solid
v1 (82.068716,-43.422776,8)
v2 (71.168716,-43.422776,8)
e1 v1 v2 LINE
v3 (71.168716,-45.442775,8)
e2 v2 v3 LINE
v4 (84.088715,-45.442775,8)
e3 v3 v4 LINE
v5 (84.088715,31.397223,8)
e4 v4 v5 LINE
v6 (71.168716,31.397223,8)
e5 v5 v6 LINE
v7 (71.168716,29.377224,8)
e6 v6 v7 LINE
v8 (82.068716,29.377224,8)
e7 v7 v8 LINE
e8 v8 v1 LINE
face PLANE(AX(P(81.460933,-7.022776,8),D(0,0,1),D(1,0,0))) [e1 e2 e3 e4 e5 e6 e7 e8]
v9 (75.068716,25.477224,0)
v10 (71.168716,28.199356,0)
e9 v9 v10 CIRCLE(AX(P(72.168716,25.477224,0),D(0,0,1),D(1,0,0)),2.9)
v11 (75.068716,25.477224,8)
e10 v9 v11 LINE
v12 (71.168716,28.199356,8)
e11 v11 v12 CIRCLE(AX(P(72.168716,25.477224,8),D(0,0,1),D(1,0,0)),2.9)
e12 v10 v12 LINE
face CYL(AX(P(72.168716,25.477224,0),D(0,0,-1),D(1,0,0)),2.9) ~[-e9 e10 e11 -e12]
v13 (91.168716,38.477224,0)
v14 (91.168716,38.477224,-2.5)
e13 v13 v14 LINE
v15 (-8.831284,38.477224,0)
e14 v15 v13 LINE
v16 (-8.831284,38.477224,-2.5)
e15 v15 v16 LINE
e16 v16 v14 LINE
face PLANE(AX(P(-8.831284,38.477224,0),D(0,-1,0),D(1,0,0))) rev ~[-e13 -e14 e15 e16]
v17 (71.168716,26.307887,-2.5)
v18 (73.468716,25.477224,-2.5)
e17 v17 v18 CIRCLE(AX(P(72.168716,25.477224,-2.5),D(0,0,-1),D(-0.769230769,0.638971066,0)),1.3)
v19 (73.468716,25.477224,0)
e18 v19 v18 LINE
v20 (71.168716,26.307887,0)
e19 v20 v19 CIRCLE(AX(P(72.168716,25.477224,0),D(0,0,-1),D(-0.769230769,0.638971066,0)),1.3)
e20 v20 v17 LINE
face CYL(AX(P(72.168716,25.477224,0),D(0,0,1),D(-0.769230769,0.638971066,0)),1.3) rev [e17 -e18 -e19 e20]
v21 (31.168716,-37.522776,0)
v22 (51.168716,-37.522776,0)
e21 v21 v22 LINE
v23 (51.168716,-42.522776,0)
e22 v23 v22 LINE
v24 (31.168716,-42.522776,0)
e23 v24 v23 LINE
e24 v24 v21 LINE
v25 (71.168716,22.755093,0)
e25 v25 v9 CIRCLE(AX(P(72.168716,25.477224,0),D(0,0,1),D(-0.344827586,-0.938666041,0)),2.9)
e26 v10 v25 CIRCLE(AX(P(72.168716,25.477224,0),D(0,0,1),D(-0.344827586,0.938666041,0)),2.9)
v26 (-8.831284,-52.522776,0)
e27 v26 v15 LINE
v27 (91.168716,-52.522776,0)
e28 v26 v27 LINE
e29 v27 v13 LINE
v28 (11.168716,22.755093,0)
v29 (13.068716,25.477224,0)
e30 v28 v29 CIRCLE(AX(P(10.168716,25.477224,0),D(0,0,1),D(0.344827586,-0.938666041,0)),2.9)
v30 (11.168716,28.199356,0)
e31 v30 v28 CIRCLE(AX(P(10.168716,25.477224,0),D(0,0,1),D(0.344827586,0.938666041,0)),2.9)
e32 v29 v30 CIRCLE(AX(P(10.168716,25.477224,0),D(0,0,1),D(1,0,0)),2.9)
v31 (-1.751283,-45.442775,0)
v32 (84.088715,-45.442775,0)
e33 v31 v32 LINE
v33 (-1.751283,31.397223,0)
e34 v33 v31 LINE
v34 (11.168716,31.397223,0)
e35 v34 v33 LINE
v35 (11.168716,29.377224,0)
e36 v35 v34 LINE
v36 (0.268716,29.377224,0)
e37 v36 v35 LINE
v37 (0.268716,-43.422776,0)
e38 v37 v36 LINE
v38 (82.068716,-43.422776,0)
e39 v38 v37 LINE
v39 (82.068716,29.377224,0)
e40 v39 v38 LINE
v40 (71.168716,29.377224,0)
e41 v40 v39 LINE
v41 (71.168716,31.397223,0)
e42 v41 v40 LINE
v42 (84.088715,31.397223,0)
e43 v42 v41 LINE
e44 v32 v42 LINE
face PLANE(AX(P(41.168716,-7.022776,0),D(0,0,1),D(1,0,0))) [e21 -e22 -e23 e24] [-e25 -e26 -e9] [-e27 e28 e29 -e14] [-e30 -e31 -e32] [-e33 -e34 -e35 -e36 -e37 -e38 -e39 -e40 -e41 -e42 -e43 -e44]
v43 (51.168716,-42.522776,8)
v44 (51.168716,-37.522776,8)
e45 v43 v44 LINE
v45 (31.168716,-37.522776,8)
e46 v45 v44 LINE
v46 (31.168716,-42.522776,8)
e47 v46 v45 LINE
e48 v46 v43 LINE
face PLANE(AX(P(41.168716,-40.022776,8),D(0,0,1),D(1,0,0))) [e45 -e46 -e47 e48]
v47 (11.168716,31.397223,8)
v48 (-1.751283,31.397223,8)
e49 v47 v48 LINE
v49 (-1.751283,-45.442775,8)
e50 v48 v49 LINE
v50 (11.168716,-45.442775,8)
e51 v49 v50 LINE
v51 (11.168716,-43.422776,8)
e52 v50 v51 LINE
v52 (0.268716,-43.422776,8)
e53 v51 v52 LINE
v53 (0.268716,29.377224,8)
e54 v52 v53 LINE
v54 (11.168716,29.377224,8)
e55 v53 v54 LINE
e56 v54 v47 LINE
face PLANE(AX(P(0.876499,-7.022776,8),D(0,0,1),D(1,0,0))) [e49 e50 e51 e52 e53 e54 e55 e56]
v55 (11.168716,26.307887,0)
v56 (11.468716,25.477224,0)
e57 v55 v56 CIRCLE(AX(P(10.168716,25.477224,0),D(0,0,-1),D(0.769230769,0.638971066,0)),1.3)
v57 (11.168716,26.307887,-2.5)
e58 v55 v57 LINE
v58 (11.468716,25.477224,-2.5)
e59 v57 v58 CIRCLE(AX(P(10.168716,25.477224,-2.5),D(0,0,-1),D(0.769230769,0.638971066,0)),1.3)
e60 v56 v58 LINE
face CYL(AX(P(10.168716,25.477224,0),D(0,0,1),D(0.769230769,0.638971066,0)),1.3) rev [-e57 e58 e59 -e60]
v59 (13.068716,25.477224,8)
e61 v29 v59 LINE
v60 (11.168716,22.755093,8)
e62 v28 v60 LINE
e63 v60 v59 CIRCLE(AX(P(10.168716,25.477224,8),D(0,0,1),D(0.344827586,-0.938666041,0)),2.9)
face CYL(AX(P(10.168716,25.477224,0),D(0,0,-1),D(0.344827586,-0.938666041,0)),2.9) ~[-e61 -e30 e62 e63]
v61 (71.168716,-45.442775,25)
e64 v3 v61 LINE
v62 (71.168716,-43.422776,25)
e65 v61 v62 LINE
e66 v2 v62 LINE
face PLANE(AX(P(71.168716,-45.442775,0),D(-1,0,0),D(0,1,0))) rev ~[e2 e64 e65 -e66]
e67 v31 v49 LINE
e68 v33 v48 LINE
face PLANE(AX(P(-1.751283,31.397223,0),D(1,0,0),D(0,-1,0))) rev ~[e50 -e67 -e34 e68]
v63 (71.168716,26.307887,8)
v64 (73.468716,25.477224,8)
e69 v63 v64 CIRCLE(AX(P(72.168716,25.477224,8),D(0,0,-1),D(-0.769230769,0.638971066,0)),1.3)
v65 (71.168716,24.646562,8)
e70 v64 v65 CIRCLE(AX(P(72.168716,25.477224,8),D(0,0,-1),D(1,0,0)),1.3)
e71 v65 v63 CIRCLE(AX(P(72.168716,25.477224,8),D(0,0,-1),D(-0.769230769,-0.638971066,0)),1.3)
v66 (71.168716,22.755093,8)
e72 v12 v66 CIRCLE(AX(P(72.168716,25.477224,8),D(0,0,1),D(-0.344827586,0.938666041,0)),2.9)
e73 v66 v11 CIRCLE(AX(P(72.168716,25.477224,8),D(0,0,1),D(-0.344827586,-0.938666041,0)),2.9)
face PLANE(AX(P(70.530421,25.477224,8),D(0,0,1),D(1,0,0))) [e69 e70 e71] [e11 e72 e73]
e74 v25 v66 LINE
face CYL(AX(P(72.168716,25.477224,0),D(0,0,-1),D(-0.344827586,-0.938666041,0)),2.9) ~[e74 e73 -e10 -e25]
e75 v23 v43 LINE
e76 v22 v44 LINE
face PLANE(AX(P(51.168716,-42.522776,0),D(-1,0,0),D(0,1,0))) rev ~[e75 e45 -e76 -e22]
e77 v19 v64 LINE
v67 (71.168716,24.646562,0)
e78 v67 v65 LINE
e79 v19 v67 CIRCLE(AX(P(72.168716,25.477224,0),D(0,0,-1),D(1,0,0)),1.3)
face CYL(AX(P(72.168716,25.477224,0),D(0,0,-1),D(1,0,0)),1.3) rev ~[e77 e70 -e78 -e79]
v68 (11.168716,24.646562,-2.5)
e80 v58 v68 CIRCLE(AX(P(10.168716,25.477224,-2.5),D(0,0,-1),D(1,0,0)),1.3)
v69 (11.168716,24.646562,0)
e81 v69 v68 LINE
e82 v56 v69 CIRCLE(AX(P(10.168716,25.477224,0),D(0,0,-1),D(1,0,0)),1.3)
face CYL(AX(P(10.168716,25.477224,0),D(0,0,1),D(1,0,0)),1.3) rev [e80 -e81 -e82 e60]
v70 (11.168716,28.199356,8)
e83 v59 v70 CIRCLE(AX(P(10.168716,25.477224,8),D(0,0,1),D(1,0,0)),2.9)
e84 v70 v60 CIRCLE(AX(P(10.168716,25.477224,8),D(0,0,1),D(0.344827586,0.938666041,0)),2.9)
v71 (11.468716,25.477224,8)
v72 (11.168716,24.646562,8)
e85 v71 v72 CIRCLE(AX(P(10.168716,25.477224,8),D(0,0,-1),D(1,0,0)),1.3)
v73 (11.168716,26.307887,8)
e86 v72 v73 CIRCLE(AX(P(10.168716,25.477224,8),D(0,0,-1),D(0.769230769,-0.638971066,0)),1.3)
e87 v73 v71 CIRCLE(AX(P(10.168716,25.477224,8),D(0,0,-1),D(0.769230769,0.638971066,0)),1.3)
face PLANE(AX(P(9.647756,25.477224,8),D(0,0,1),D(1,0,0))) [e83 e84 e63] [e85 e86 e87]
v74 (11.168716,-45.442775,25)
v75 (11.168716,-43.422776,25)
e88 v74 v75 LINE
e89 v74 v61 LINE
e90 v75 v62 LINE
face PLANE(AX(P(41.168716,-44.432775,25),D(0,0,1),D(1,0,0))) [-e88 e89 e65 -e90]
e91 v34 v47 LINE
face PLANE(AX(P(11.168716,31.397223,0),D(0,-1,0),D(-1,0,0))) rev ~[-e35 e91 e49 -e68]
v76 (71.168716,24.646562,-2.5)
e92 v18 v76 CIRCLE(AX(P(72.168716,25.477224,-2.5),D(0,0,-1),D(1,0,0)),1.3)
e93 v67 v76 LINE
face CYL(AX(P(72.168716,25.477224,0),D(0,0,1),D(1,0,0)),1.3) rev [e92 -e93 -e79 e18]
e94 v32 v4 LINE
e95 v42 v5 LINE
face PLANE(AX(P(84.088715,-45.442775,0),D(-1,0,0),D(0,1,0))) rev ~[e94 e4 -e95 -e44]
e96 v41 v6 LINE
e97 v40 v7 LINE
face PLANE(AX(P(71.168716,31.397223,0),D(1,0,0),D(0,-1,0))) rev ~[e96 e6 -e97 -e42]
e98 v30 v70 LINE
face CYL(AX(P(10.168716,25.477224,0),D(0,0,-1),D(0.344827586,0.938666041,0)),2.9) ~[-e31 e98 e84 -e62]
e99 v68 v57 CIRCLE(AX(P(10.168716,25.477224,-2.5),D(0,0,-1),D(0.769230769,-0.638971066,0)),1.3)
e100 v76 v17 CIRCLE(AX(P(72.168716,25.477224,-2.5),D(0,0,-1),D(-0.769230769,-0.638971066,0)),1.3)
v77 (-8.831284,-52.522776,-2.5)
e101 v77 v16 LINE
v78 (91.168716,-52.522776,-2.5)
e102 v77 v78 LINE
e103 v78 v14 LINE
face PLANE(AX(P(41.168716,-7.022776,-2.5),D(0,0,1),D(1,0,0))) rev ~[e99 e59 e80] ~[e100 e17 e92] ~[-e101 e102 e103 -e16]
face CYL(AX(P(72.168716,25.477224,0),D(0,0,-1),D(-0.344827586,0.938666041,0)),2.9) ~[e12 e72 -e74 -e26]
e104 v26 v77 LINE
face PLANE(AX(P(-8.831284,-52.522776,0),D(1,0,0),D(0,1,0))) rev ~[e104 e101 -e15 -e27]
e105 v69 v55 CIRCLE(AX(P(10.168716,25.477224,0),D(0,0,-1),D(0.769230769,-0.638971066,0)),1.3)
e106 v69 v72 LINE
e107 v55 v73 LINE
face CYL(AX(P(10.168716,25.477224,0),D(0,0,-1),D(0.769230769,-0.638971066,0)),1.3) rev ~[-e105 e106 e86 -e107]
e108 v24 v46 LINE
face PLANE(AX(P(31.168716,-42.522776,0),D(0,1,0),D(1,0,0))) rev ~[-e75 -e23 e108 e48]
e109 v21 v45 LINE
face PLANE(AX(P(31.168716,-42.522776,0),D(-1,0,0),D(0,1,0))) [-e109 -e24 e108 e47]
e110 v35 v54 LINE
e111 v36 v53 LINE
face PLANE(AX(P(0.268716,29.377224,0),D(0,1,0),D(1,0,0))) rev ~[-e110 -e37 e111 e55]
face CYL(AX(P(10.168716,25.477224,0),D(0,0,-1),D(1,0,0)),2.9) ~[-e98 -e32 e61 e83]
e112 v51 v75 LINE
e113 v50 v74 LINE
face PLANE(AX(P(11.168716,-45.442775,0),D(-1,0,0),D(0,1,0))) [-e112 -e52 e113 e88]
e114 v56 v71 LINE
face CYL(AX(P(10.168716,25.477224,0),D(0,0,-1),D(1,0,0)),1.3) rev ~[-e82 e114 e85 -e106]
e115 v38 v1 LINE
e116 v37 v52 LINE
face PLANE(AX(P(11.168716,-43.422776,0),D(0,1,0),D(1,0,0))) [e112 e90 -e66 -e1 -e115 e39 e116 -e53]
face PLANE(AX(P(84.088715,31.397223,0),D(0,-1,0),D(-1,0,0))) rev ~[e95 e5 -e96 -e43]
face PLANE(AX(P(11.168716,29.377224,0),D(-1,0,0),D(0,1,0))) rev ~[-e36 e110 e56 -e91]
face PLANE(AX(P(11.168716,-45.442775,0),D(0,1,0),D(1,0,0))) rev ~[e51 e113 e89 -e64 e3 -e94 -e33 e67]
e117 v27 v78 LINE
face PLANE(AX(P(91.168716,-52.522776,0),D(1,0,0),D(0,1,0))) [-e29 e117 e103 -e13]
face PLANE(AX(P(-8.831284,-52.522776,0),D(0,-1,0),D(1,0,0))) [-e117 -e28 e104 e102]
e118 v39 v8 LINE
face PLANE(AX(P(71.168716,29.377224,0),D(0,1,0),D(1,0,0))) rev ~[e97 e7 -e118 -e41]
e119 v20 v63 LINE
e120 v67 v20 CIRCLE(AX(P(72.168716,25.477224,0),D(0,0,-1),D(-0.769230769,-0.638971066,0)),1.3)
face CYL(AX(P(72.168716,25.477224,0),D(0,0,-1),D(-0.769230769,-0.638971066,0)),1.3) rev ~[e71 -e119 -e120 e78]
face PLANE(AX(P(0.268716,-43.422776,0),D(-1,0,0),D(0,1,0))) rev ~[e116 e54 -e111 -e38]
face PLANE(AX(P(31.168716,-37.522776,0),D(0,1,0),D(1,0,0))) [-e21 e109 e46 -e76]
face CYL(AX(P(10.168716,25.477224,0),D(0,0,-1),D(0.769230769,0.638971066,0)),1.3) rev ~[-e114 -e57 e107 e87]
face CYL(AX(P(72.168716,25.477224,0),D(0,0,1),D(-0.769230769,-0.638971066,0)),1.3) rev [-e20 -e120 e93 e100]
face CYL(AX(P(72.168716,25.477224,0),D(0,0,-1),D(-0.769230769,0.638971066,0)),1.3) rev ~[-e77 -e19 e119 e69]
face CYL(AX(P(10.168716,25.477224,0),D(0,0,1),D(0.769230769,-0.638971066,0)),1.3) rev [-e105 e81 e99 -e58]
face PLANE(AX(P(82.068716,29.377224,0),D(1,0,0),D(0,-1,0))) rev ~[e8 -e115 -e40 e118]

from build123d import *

# Parameters (mm, degrees)
F0_W     = 100
F0_H     = 91
F0_W_2   = 60
F0_H_2   = 2.0199990959
F0_W_3   = 20
F0_H_3   = 5
F0_H_4   = 0.9000000043
F1_DEPTH = 2.5
F2_DEPTH = 8
F3_DEPTH = 8
F4_DEPTH = 25


with BuildPart() as f1:
    # F0 (on Top) → F1 (new body)
    with BuildSketch(Plane.XY):
        with Locations((41.1687159911, -7.0227757916)):
            Rectangle(F0_W, F0_H)
        Polygon((-1.7512831092, 31.3972233087), (11.1687159911, 31.3972233087), (71.1687159911, 31.3972233087), (84.0887150913, 31.3972233087), (84.0887150913, -45.4427748919), (71.1687159911, -45.4427748919), (11.1687159911, -45.4427748919), (-1.7512831092, -45.4427748919), align=None, mode=Mode.SUBTRACT)
        with BuildLine():
            Line((71.1687159911, 28.4772242084), (11.1687159911, 28.4772242084))
            Line((11.1687159911, 28.4772242084), (11.1687159911, 28.1993557262))
            ThreePointArc((11.1687159911, 28.1993557262), (12.5467403812, 27.1370434757), (13.0687159911, 25.4772242084))
            ThreePointArc((13.0687159911, 25.4772242084), (12.5467403812, 23.8174049411), (11.1687159911, 22.7550926907))
            Line((11.1687159911, 22.7550926907), (11.1687159911, -42.5227757916))
            Line((11.1687159911, -42.5227757916), (31.1687159911, -42.5227757916))
            Line((31.1687159911, -42.5227757916), (31.1687159911, -37.5227757916))
            Line((31.1687159911, -37.5227757916), (51.1687159911, -37.5227757916))
            Line((51.1687159911, -37.5227757916), (51.1687159911, -42.5227757916))
            Line((51.1687159911, -42.5227757916), (71.1687159911, -42.5227757916))
            Line((71.1687159911, -42.5227757916), (71.1687159911, 22.7550926907))
            ThreePointArc((71.1687159911, 22.7550926907), (69.2687159911, 25.4772242084), (71.1687159911, 28.1993557262))
            Line((71.1687159911, 28.1993557262), (71.1687159911, 28.4772242084))
        make_face()
        with BuildLine():
            Line((11.1687159911, 28.4772242084), (1.1687159911, 28.4772242084))
            Line((1.1687159911, 28.4772242084), (1.1687159911, -42.5227757916))
            Line((1.1687159911, -42.5227757916), (11.1687159911, -42.5227757916))
            Line((11.1687159911, -42.5227757916), (11.1687159911, 22.7550926907))
            ThreePointArc((11.1687159911, 22.7550926907), (7.2687159911, 25.4772242084), (11.1687159911, 28.1993557262))
            Line((11.1687159911, 28.1993557262), (11.1687159911, 28.4772242084))
        make_face()
        with BuildLine():
            Line((81.1687159911, 28.4772242084), (71.1687159911, 28.4772242084))
            Line((71.1687159911, 28.4772242084), (71.1687159911, 28.1993557262))
            ThreePointArc((71.1687159911, 28.1993557262), (73.8285352583, 27.8552485985), (75.0687159911, 25.4772242084))
            ThreePointArc((75.0687159911, 25.4772242084), (73.8285352583, 23.0991998183), (71.1687159911, 22.7550926907))
            Line((71.1687159911, 22.7550926907), (71.1687159911, -42.5227757916))
            Line((71.1687159911, -42.5227757916), (81.1687159911, -42.5227757916))
            Line((81.1687159911, -42.5227757916), (81.1687159911, 28.4772242084))
        make_face()
        Polygon((0.2687159867, 29.3772242127), (11.1687159911, 29.3772242127), (11.1687159911, 31.3972233087), (-1.7512831092, 31.3972233087), (-1.7512831092, -45.4427748919), (11.1687159911, -45.4427748919), (11.1687159911, -43.4227757959), (0.2687159867, -43.4227757959), align=None)
        Polygon((71.1687159911, 31.3972233087), (71.1687159911, 29.3772242127), (82.0687159954, 29.3772242127), (82.0687159954, -43.4227757959), (71.1687159911, -43.4227757959), (71.1687159911, -45.4427748919), (84.0887150913, -45.4427748919), (84.0887150913, 31.3972233087), align=None)
        with Locations((41.1687159911, 30.3872237607)):
            Rectangle(F0_W_2, F0_H_2)
        with Locations((41.1687159911, -44.4327753439)):
            Rectangle(F0_W_2, F0_H_2)
        with Locations((41.1687159911, -40.0227757916)):
            Rectangle(F0_W_3, F0_H_3)
        Polygon((1.1687159911, -42.5227757916), (1.1687159911, 28.4772242084), (11.1687159911, 28.4772242084), (11.1687159911, 29.3772242127), (0.2687159867, 29.3772242127), (0.2687159867, -43.4227757959), (11.1687159911, -43.4227757959), (11.1687159911, -42.5227757916), align=None)
        Polygon((71.1687159911, 29.3772242127), (71.1687159911, 28.4772242084), (81.1687159911, 28.4772242084), (81.1687159911, -42.5227757916), (71.1687159911, -42.5227757916), (71.1687159911, -43.4227757959), (82.0687159954, -43.4227757959), (82.0687159954, 29.3772242127), align=None)
        with Locations((41.1687159911, 28.9272242106)):
            Rectangle(F0_W_2, F0_H_4)
        Polygon((31.1687159911, -42.5227757916), (11.1687159911, -42.5227757916), (11.1687159911, -43.4227757959), (71.1687159911, -43.4227757959), (71.1687159911, -42.5227757916), (51.1687159911, -42.5227757916), align=None)
        with BuildLine():
            Line((11.1687159911, 26.3078865947), (11.1687159911, 28.1993557262))
            ThreePointArc((11.1687159911, 28.1993557262), (7.2687159911, 25.4772242084), (11.1687159911, 22.7550926907))
            Line((11.1687159911, 22.7550926907), (11.1687159911, 24.6465618221))
            ThreePointArc((11.1687159911, 24.6465618221), (8.8687159911, 25.4772242084), (11.1687159911, 26.3078865947))
        make_face()
        with BuildLine():
            ThreePointArc((75.0687159911, 25.4772242084), (73.8285352583, 27.8552485985), (71.1687159911, 28.1993557262))
            Line((71.1687159911, 28.1993557262), (71.1687159911, 26.3078865947))
            ThreePointArc((71.1687159911, 26.3078865947), (72.6103040344, 26.6999261345), (73.4687159911, 25.4772242084))
            ThreePointArc((73.4687159911, 25.4772242084), (72.6103040344, 24.2545222824), (71.1687159911, 24.6465618221))
            Line((71.1687159911, 24.6465618221), (71.1687159911, 22.7550926907))
            ThreePointArc((71.1687159911, 22.7550926907), (73.8285352583, 23.0991998183), (75.0687159911, 25.4772242084))
        make_face()
        with BuildLine():
            ThreePointArc((13.0687159911, 25.4772242084), (12.5467403812, 27.1370434757), (11.1687159911, 28.1993557262))
            Line((11.1687159911, 28.1993557262), (11.1687159911, 26.3078865947))
            ThreePointArc((11.1687159911, 26.3078865947), (11.3914179171, 25.9188122517), (11.4687159911, 25.4772242084))
            ThreePointArc((11.4687159911, 25.4772242084), (11.3914179171, 25.0356361651), (11.1687159911, 24.6465618221))
            Line((11.1687159911, 24.6465618221), (11.1687159911, 22.7550926907))
            ThreePointArc((11.1687159911, 22.7550926907), (12.5467403812, 23.8174049411), (13.0687159911, 25.4772242084))
        make_face()
        with BuildLine():
            Line((71.1687159911, 26.3078865947), (71.1687159911, 28.1993557262))
            ThreePointArc((71.1687159911, 28.1993557262), (69.2687159911, 25.4772242084), (71.1687159911, 22.7550926907))
            Line((71.1687159911, 22.7550926907), (71.1687159911, 24.6465618221))
            ThreePointArc((71.1687159911, 24.6465618221), (70.8687159911, 25.4772242084), (71.1687159911, 26.3078865947))
        make_face()
    extrude(amount=-F1_DEPTH)

    # F0 (on Top) → F2 (join)
    with BuildSketch(Plane.XY):
        with Locations((41.1687159911, -40.0227757916)):
            Rectangle(F0_W_3, F0_H_3)
        with BuildLine():
            Line((11.1687159911, 26.3078865947), (11.1687159911, 28.1993557262))
            ThreePointArc((11.1687159911, 28.1993557262), (7.2687159911, 25.4772242084), (11.1687159911, 22.7550926907))
            Line((11.1687159911, 22.7550926907), (11.1687159911, 24.6465618221))
            ThreePointArc((11.1687159911, 24.6465618221), (8.8687159911, 25.4772242084), (11.1687159911, 26.3078865947))
        make_face()
        with BuildLine():
            ThreePointArc((13.0687159911, 25.4772242084), (12.5467403812, 27.1370434757), (11.1687159911, 28.1993557262))
            Line((11.1687159911, 28.1993557262), (11.1687159911, 26.3078865947))
            ThreePointArc((11.1687159911, 26.3078865947), (11.3914179171, 25.9188122517), (11.4687159911, 25.4772242084))
            ThreePointArc((11.4687159911, 25.4772242084), (11.3914179171, 25.0356361651), (11.1687159911, 24.6465618221))
            Line((11.1687159911, 24.6465618221), (11.1687159911, 22.7550926907))
            ThreePointArc((11.1687159911, 22.7550926907), (12.5467403812, 23.8174049411), (13.0687159911, 25.4772242084))
        make_face()
        with BuildLine():
            Line((71.1687159911, 26.3078865947), (71.1687159911, 28.1993557262))
            ThreePointArc((71.1687159911, 28.1993557262), (69.2687159911, 25.4772242084), (71.1687159911, 22.7550926907))
            Line((71.1687159911, 22.7550926907), (71.1687159911, 24.6465618221))
            ThreePointArc((71.1687159911, 24.6465618221), (70.8687159911, 25.4772242084), (71.1687159911, 26.3078865947))
        make_face()
        with BuildLine():
            ThreePointArc((75.0687159911, 25.4772242084), (73.8285352583, 27.8552485985), (71.1687159911, 28.1993557262))
            Line((71.1687159911, 28.1993557262), (71.1687159911, 26.3078865947))
            ThreePointArc((71.1687159911, 26.3078865947), (72.6103040344, 26.6999261345), (73.4687159911, 25.4772242084))
            ThreePointArc((73.4687159911, 25.4772242084), (72.6103040344, 24.2545222824), (71.1687159911, 24.6465618221))
            Line((71.1687159911, 24.6465618221), (71.1687159911, 22.7550926907))
            ThreePointArc((71.1687159911, 22.7550926907), (73.8285352583, 23.0991998183), (75.0687159911, 25.4772242084))
        make_face()
    extrude(amount=F2_DEPTH)

    # F0 (on Top) → F3 (join)
    with BuildSketch(Plane.XY):
        Polygon((0.2687159867, 29.3772242127), (11.1687159911, 29.3772242127), (11.1687159911, 31.3972233087), (-1.7512831092, 31.3972233087), (-1.7512831092, -45.4427748919), (11.1687159911, -45.4427748919), (11.1687159911, -43.4227757959), (0.2687159867, -43.4227757959), align=None)
        Polygon((71.1687159911, 31.3972233087), (71.1687159911, 29.3772242127), (82.0687159954, 29.3772242127), (82.0687159954, -43.4227757959), (71.1687159911, -43.4227757959), (71.1687159911, -45.4427748919), (84.0887150913, -45.4427748919), (84.0887150913, 31.3972233087), align=None)
    extrude(amount=F3_DEPTH)

    # F0 (on Top) → F4 (join)
    with BuildSketch(Plane.XY):
        with Locations((41.1687159911, -44.4327753439)):
            Rectangle(F0_W_2, F0_H_2)
    extrude(amount=F4_DEPTH)


solid = f1.part
